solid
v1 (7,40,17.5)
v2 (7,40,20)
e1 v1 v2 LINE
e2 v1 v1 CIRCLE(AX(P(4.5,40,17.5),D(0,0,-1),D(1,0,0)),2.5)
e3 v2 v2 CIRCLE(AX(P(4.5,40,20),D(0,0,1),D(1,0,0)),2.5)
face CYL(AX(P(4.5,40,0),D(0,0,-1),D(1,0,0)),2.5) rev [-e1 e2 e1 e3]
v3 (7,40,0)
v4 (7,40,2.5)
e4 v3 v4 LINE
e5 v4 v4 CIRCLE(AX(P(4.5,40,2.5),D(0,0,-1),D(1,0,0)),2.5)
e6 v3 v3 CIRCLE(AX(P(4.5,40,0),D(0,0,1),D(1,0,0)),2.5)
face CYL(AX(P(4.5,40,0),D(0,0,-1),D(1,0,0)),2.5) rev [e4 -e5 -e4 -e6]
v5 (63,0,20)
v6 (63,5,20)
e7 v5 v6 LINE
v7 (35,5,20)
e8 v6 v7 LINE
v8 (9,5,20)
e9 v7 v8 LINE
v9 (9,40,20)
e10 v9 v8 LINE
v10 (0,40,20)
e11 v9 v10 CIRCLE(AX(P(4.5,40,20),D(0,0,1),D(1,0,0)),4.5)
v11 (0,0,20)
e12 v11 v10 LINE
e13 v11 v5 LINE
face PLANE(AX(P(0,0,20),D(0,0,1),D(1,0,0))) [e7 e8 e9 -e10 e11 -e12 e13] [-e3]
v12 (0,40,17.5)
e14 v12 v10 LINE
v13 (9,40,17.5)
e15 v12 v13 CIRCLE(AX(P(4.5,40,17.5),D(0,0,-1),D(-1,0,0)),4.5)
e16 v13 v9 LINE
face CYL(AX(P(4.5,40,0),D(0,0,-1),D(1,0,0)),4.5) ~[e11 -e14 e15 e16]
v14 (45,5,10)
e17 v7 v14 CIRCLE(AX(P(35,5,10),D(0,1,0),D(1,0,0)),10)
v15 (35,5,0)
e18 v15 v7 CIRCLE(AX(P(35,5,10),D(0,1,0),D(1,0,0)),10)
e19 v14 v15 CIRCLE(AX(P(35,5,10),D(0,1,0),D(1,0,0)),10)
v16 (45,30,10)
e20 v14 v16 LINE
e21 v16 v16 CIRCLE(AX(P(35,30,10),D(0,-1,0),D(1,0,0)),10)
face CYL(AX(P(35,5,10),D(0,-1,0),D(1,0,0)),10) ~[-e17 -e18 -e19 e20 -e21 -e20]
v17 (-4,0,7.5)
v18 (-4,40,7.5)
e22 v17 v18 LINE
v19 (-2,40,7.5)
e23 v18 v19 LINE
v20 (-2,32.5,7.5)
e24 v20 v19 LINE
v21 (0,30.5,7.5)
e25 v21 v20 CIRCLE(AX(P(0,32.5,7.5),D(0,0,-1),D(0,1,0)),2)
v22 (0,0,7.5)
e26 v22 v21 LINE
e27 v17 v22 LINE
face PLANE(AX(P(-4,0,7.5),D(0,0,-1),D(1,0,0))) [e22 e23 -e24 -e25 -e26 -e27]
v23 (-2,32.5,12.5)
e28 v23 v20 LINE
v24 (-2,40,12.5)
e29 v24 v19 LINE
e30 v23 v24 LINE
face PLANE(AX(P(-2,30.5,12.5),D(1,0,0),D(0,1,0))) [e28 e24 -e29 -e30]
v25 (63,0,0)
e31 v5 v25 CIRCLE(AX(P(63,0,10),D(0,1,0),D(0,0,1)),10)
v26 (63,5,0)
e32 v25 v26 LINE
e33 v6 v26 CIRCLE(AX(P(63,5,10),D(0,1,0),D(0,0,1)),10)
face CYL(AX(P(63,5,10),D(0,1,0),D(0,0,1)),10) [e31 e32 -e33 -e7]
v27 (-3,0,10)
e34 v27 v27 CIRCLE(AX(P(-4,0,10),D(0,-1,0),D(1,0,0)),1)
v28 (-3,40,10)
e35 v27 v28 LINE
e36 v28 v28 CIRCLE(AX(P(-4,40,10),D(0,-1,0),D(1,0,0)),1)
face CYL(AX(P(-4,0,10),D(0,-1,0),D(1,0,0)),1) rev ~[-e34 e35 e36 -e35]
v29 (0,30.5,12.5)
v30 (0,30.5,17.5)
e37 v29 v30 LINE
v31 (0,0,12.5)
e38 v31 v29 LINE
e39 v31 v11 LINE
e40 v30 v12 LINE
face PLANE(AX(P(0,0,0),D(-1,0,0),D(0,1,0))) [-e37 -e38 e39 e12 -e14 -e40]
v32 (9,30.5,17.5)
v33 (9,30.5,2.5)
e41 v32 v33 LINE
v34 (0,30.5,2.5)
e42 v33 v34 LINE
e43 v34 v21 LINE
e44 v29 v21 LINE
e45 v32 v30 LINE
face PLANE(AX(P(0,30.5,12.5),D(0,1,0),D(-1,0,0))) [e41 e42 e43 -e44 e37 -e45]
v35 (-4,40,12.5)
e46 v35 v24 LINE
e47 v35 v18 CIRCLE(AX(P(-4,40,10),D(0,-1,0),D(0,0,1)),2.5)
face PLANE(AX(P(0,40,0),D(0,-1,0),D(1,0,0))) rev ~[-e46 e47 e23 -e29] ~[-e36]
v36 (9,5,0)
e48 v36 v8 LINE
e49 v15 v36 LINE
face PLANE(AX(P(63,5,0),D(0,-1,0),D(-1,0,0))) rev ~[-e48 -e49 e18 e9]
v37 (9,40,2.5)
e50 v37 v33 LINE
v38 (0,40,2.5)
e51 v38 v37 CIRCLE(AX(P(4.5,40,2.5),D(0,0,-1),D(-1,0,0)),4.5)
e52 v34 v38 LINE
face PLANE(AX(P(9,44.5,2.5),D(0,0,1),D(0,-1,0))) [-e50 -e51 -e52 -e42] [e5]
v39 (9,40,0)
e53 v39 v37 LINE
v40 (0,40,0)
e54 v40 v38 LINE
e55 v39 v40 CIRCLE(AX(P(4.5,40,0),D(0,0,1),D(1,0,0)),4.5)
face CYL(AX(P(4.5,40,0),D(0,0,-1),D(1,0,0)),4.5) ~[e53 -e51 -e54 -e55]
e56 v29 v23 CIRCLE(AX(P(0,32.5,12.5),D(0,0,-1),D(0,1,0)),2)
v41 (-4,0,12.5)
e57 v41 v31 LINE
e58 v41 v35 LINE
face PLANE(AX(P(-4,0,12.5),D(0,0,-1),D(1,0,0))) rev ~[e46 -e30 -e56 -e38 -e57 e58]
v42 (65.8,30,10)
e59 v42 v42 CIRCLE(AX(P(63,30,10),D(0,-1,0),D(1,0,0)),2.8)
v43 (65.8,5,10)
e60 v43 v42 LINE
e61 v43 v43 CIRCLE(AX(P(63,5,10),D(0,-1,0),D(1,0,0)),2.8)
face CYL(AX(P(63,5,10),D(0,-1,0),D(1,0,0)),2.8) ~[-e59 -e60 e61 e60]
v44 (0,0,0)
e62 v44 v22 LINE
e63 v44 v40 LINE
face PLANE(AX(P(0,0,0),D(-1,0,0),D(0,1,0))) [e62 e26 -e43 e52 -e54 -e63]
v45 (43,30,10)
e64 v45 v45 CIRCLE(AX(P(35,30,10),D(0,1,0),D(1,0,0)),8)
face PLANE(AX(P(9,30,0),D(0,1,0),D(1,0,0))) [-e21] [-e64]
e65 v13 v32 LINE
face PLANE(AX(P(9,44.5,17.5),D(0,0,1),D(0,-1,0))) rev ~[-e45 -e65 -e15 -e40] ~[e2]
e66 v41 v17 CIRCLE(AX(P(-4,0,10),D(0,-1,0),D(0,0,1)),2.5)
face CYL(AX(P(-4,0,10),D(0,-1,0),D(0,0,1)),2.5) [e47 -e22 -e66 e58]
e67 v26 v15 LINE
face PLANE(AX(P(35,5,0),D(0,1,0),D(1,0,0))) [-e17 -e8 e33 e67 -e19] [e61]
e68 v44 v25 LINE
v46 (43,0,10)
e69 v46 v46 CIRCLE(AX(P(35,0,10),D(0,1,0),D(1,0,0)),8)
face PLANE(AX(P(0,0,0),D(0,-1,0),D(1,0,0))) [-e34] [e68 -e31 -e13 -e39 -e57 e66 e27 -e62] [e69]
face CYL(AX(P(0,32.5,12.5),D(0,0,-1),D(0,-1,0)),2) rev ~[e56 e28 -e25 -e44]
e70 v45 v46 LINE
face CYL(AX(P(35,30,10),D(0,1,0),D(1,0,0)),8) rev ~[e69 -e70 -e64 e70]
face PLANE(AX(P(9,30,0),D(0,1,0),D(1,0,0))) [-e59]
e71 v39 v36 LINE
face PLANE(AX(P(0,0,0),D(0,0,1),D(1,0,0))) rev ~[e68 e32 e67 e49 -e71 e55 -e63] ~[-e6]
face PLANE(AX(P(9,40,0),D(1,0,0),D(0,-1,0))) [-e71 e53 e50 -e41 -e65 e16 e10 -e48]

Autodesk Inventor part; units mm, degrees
ref_plane "YZ Plane" through (0, 0, 0) normal (1, 0, 0) x (0, 1, 0)
ref_plane "XZ Plane" through (0, 0, 0) normal (0, 1, 0) x (-1, 0, 0)
ref_plane "XY Plane" through (0, 0, 0) normal (0, 0, 1) x (1, 0, 0)
sketch "Sketch1" plane through (0, 0, 0) normal (0, 0, 1) x (1, 0, 0)
  line L0 (0, 0) -> (0, 40)
  line L1 (0, 0) -> (63, 0)
  line L2 (63, 0) -> (63, 5)
  line L3 (63, 5) -> (9, 5)
  arc A0 (9, 40) -> (0, 40) centre (4.5, 40) ccw
  line L4 (9, 40) -> (9, 5)
  circle A1 centre (4.5, 40) radius 2.5
  dimension "d0" = 40
  dimension "d2" = 5
  dimension "d6" = 4.5
  dimension "d7" = 5
  dimension "d8" = 9
  dimension "d9" = 54
  dimension "d47" = 32.5
extrude "Extrusion1" add sketch "Sketch1" along normal blind 20
sketch "Sketch2" plane through (9, 5, 0) normal (0, 1, 0) x (1, 0, 0)
  line L0 (0, 0) -> (0, -20) projected
  circle A0 centre (26, -10) radius 10
  line L1 (0, 0) -> (54, 0) projected
  circle A1 centre (54, -10) radius 2.8
  line L2 (54, 0) -> (54, -20) projected
  point P0 (-9, 0)
  dimension "d14" = 20
  dimension "d16" = 26
  dimension "d20" = 5.6
  dimension "d21" = 10
  dimension "d22" = 15.2
  dimension "d67" = 0
sketch "Sketch7" plane through (9, 5, 0) normal (1, 0, 0) x (0, 0, -1)
  line L0 (-10, 41.0364) -> (-10, 39.6436)
  line L1 (0, 39.5) -> (-20, 39.5) projected
  line L2 (-2.5, 39.5) -> (-2.5, 25.5)
  line L3 (-17.5, 39.5) -> (-17.5, 25.5)
  line L4 (-17.5, 39.5) -> (-2.5, 39.5)
  line L5 (0, 32.5) -> (-20, 32.5) projected
  line L6 (-17.5, 25.5) -> (-2.5, 25.5)
  point P0 (0, -5)
  dimension "d40" = 14
  dimension "d41" = 14
  dimension "d42" = 15
extrude "Extrusion5" cut sketch "Sketch7" against normal blind 14
extrude "Extrusion6" add sketch "Sketch2" along normal blind 25
sketch "Sketch9" plane through (35, 30, 10) normal (0, 1, 0) x (1, 0, 0)
  circle A0 centre (0, 0) radius 8
  point P0 (-35, 10)
  dimension "d50" = 16
extrude "Extrusion7" cut sketch "Sketch9" against normal blind 31
sketch "Sketch12" plane through (35, 5, 0) normal (0, 1, 0) x (1, 0, 0)
  line L0 (28, 0) -> (28, -20) projected
  arc A0 (28, -20) -> (28, 0) centre (28, -10) ccw
  line L1 (28, 0) -> (-35, 0) projected
  line L2 (28, 0) -> (28, -20)
extrude "Extrusion10" add sketch "Sketch12" against normal blind 5
sketch "Sketch13" plane through (0, 0, 0) normal (0, -1, 0) x (1, 0, 0)
  circle A0 centre (-4, 10) radius 1
  line L0 (-4, 12.5) -> (0, 12.5)
  line L1 (0, 0) -> (0, 20) projected
  line L2 (-4, 7.5) -> (0, 7.5)
  arc A1 (-4, 12.5) -> (-4, 7.5) centre (-4, 10) ccw
  line L3 (0, 7.5) -> (0, 12.5)
  line L4 (63, 0) -> (0, 0) projected
  line L5 (0, 20) -> (63, 20) projected
  dimension "d68" = 2
  dimension "d72" = 4
  dimension "d73" = 10
  dimension "d74" = 20
extrude "Extrusion11" add sketch "Sketch13" against normal blind 40
sketch "Sketch14" plane through (-4, 0, 12.5) normal (0, 0, 1) x (1, 0, 0)
  line L0 (0, 40) -> (4, 40) projected
  line L1 (13, 30.5) -> (4, 30.5) projected
  line L2 (4, 40) -> (4, 30.5)
  line L3 (4, 30.5) -> (2, 30.5)
  line L4 (2, 30.5) -> (2, 40)
  line L5 (2, 40) -> (4, 40)
  point P0 (4, 0)
  dimension "d75" = 2
extrude "Extrusion12" cut sketch "Sketch14" against normal up to surface (5 mm away)
fillet "Fillet4" radius 2 1 edges at (-2, 30.5, 10)
equation "\"d21\" = d19"
equation "\"d40\" = d41"
equation "\"d73\" = 0.5 * d74"
equation "\"d19\" = 0.5 * d14"
properties part number "ValveBaseMk2.5"
